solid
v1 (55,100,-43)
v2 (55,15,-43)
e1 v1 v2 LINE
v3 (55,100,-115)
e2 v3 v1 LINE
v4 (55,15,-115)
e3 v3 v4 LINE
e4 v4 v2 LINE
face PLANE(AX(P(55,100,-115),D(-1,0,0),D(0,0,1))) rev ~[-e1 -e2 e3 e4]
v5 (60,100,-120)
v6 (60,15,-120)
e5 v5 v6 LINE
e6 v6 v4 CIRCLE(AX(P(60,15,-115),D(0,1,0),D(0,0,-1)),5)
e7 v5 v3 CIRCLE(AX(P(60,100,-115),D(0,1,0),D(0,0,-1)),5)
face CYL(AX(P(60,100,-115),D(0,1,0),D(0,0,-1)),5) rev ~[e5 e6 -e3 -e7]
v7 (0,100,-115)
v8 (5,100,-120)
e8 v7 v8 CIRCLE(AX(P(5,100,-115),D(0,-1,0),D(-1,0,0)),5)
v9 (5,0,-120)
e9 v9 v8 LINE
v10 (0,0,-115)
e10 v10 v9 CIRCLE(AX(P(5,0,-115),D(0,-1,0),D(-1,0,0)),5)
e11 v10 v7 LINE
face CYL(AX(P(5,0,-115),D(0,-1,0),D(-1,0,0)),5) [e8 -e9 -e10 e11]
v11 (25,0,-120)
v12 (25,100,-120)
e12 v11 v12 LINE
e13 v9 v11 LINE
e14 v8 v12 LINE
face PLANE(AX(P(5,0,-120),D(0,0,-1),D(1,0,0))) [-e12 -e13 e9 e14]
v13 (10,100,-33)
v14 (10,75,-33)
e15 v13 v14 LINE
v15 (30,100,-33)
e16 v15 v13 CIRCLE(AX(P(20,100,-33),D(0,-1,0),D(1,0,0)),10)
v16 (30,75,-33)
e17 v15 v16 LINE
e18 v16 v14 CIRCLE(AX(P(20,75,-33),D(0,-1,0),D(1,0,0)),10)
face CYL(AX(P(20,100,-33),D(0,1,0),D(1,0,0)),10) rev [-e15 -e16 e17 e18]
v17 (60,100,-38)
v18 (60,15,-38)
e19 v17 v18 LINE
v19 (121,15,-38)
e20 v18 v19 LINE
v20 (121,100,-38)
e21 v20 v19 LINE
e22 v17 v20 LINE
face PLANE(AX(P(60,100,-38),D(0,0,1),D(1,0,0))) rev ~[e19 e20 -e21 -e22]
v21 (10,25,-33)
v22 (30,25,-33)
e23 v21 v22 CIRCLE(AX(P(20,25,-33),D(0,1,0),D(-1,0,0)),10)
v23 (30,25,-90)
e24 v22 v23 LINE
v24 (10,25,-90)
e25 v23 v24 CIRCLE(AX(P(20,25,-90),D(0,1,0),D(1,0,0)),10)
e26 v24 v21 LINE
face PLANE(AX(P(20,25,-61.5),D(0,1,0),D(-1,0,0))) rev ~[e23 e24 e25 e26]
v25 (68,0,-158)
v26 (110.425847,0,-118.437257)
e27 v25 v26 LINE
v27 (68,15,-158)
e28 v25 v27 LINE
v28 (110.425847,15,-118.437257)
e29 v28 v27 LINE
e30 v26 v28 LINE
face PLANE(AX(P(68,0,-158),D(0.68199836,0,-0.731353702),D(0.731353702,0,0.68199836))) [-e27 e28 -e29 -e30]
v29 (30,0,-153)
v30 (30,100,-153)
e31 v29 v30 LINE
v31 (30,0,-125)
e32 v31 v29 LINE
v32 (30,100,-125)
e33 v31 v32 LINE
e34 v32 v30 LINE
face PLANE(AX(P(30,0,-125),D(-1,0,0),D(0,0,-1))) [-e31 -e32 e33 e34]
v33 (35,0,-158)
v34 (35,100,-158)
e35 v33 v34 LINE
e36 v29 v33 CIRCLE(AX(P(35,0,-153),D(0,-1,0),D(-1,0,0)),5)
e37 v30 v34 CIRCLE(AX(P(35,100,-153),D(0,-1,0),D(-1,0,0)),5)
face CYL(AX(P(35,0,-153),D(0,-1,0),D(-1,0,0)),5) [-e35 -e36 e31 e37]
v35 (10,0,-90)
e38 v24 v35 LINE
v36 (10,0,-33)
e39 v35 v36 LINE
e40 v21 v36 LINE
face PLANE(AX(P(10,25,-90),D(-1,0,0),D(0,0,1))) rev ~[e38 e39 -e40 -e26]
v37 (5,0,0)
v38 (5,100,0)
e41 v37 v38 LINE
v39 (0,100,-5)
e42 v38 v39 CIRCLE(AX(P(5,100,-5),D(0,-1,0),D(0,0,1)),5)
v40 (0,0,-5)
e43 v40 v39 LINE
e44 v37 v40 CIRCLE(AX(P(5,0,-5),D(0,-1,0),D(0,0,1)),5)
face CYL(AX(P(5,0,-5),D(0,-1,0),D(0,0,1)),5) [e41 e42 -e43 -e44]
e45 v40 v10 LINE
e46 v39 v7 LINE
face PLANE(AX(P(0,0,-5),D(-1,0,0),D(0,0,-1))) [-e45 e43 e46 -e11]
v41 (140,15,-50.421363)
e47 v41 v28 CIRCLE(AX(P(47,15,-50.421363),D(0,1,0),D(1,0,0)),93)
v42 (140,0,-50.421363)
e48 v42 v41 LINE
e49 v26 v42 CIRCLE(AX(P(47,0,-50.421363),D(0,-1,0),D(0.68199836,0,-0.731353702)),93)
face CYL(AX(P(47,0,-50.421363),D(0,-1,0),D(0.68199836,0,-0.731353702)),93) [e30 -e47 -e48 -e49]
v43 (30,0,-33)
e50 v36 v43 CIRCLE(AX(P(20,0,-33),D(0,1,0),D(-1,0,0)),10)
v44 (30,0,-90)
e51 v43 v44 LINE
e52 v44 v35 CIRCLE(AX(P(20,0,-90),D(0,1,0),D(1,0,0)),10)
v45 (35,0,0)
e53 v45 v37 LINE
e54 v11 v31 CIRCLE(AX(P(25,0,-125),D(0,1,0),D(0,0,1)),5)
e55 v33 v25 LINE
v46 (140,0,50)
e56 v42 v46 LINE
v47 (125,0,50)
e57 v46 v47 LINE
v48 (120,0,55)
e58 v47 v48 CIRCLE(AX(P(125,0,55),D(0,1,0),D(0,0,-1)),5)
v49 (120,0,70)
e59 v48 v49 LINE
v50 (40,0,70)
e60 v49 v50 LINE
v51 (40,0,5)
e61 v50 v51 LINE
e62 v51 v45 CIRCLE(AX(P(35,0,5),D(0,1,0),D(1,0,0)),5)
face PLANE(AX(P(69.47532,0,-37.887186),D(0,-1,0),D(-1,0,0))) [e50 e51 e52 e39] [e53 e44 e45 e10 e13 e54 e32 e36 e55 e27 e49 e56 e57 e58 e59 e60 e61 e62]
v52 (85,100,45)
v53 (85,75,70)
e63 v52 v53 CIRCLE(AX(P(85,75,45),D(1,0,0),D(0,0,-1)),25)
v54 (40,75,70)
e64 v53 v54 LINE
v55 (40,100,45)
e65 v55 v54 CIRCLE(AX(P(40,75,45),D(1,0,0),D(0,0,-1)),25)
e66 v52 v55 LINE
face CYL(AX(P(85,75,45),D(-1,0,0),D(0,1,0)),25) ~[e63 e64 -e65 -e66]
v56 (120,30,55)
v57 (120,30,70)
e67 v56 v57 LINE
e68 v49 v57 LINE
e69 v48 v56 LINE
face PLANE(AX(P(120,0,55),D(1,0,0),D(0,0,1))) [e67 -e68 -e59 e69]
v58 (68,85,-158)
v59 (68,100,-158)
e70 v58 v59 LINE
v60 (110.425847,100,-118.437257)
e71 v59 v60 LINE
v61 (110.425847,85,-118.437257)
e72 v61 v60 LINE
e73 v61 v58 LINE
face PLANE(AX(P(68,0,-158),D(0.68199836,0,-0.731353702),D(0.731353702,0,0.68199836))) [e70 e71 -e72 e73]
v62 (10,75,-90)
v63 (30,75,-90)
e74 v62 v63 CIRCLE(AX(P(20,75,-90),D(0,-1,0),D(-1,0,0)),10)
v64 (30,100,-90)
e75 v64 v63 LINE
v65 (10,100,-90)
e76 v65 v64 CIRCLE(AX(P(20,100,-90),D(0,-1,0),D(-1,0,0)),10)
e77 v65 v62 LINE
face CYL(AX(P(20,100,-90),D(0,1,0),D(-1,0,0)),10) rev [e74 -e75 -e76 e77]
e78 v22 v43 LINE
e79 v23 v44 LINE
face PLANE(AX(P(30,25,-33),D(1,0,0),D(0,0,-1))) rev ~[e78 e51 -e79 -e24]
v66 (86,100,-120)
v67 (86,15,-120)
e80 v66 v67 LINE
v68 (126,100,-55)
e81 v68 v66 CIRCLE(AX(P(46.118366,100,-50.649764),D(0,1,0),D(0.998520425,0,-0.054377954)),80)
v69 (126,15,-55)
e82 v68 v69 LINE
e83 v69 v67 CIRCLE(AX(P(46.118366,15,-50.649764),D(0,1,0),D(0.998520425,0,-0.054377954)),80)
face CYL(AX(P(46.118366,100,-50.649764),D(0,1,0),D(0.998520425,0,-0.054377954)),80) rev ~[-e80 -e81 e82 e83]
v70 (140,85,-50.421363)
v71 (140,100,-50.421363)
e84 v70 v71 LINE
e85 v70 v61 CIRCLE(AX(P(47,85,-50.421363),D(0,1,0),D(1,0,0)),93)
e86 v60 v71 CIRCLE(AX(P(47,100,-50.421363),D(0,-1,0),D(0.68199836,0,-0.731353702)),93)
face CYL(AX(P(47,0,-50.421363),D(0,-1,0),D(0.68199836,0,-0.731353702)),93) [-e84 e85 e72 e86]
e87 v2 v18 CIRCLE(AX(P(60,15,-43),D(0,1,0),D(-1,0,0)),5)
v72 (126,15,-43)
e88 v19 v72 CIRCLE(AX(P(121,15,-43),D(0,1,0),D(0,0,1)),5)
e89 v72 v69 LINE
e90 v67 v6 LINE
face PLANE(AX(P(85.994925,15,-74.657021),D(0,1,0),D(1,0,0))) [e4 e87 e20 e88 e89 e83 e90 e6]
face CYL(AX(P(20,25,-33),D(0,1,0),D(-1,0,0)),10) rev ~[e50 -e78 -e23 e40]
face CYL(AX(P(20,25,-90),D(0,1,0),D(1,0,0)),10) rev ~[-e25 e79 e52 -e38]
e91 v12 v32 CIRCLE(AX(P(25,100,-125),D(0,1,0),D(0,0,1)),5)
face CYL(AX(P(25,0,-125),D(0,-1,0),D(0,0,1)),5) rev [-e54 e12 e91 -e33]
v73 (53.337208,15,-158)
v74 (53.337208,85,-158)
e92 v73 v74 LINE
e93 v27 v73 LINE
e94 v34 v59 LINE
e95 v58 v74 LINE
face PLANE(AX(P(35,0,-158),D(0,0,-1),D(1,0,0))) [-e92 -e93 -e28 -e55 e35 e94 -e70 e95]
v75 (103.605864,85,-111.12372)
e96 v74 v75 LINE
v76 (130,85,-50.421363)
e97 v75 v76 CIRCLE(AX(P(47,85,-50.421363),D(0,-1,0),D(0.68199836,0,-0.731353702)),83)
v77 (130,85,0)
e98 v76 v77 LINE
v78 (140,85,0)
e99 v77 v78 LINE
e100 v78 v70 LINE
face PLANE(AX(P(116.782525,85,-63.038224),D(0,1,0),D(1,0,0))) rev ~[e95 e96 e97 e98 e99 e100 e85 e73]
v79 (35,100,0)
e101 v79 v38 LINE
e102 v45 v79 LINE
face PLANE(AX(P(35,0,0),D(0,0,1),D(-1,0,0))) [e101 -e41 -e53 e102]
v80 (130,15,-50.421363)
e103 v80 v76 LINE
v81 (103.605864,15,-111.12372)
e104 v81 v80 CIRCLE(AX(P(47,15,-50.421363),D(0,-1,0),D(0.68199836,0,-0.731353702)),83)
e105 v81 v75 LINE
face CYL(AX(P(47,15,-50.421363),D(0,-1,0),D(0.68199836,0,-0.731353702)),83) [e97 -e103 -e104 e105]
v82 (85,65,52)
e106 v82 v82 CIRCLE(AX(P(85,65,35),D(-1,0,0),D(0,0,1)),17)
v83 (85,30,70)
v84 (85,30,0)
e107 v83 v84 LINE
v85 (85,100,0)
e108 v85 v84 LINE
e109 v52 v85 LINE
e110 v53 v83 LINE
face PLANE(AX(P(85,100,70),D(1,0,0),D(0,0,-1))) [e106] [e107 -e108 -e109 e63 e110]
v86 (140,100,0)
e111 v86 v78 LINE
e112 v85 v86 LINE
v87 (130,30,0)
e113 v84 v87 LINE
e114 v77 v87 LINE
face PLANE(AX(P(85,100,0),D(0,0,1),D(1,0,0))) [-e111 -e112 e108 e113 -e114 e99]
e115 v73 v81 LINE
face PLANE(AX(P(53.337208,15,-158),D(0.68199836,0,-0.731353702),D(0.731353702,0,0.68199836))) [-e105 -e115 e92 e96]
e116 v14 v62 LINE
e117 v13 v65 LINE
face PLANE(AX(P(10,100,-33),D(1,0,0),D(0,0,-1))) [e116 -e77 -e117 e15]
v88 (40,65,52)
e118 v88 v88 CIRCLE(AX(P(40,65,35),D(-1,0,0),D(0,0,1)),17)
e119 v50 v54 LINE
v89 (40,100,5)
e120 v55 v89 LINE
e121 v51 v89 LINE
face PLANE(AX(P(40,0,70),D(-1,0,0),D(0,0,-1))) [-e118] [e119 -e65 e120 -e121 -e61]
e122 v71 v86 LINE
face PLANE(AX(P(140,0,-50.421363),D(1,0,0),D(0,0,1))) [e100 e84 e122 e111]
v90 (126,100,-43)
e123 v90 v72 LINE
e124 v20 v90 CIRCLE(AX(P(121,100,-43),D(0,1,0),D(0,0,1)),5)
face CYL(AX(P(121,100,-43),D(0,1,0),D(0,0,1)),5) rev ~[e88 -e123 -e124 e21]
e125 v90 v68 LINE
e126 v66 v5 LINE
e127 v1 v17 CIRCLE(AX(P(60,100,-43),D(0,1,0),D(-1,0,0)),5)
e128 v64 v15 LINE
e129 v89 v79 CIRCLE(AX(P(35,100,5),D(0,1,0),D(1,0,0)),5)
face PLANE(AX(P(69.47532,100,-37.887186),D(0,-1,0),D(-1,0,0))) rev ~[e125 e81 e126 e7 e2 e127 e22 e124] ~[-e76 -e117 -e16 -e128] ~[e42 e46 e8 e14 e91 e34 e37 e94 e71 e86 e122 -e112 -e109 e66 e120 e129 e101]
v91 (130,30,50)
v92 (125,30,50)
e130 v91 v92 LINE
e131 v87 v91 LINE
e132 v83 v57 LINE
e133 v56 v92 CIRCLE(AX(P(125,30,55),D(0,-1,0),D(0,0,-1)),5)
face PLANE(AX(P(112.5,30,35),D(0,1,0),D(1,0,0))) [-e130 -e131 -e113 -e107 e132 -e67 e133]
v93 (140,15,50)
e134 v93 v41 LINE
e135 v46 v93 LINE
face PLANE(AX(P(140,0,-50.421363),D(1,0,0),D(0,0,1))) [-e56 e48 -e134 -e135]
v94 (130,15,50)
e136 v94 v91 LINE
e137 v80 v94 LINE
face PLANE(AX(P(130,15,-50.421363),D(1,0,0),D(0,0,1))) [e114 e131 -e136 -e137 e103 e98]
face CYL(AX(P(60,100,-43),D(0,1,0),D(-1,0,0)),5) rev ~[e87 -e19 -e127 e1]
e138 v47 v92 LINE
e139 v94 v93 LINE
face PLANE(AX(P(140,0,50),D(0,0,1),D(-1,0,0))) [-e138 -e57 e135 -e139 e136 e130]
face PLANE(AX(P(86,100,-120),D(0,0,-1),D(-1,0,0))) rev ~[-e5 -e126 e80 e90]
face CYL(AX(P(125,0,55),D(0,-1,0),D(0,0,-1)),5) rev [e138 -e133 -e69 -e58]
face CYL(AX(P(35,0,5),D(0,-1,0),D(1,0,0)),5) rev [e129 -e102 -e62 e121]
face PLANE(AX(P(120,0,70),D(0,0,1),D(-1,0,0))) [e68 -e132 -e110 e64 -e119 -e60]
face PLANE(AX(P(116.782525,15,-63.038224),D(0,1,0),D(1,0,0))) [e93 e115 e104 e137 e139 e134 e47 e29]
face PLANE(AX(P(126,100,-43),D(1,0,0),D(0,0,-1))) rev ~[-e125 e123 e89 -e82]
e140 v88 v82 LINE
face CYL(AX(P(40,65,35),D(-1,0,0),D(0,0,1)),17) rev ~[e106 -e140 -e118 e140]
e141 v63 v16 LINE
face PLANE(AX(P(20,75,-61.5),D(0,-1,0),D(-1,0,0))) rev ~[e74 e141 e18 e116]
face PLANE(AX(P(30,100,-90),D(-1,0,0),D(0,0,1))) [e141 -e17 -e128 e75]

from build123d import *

# Parameters (mm, degrees)
BOSS_EXTRUDE1_DEPTH = 100
CUT_EXTRUDE1_DEPTH  = 70
SKETCH3_W           = 55
SKETCH3_H           = 70
CUT_EXTRUDE2_DEPTH  = 70
FILLET1_R           = 25
CUT_EXTRUDE3_REACH  = 214.047
SKETCH4_R           = 17
CUT_EXTRUDE4_DEPTH  = 25
CUT_EXTRUDE5_START  = -25
CUT_EXTRUDE5_DEPTH  = 25
CUT_EXTRUDE6_DEPTH  = 85


with BuildPart() as part:
    # Sketch1 → Boss-Extrude1 (new body)
    with BuildSketch(Plane(origin=(0, 0, 0), x_dir=(1, 0, 0), z_dir=(0, 1, 0))):
        with BuildLine():
            Line((0, 5), (0, 115))
            ThreePointArc((0, 115), (1.464466094, 118.535533906), (5, 120))
            Line((5, 120), (25, 120))
            ThreePointArc((25, 120), (28.535533906, 121.464466094), (30, 125))
            Line((30, 125), (30, 153))
            ThreePointArc((30, 153), (31.464466094, 156.535533906), (35, 158))
            Line((35, 158), (68, 158))
            Line((68, 158), (110.425847486, 118.437257177))
            ThreePointArc((110.425847486, 118.437257177), (132.286586918, 87.505026337), (140, 50.421362927))
            Line((140, 50.421362927), (140, -50))
            Line((140, -50), (125, -50))
            ThreePointArc((125, -50), (121.464466094, -51.464466094), (120, -55))
            Line((120, -55), (120, -70))
            Line((120, -70), (40, -70))
            Line((40, -70), (40, -5))
            ThreePointArc((40, -5), (38.535533906, -1.464466094), (35, 0))
            Line((35, 0), (5, 0))
            ThreePointArc((5, 0), (1.464466094, 1.464466094), (0, 5))
        make_face()
    extrude(amount=BOSS_EXTRUDE1_DEPTH)

    # Sketch2 → Cut-Extrude1 (cut)
    with BuildSketch(Plane(origin=(0, 15, 0), x_dir=(-1, 0, 0), z_dir=(0, -1, 0))):
        with BuildLine():
            Line((-53.337208144, 158), (-103.605863885, 111.123720161))
            ThreePointArc((-103.605863885, 111.123720161), (-123.115986174, 83.517535648), (-130, 50.421362927))
            Line((-130, 50.421362927), (-130, -50))
            Line((-130, -50), (-140, -50))
            Line((-140, -50), (-140, 50.421362927))
            ThreePointArc((-140, 50.421362927), (-132.286586918, 87.505026337), (-110.425847486, 118.437257177))
            Line((-110.425847486, 118.437257177), (-68, 158))
            Line((-68, 158), (-53.337208144, 158))
        make_face()
    extrude(amount=-CUT_EXTRUDE1_DEPTH, mode=Mode.SUBTRACT)

    # Sketch3 → Cut-Extrude2 (cut)
    with BuildSketch(Plane(origin=(0, 100, 0), x_dir=(1, 0, 0), z_dir=(0, 1, 0))):
        with Locations((112.5, -35)):
            Rectangle(SKETCH3_W, SKETCH3_H)
    extrude(amount=-CUT_EXTRUDE2_DEPTH, mode=Mode.SUBTRACT)

    # Fillet1
    fillet1_edges = [part.edges().sort_by_distance(p)[0] for p in [
        (62.5, 100, 70),
    ]]
    fillet(fillet1_edges, radius=FILLET1_R)

    # Sketch4 → Cut-Extrude3 (cut, up to next)
    with BuildSketch(Plane.ZY.offset(-40), mode=Mode.PRIVATE) as cut_extrude3_sk1:
        with Locations((35, 65)):
            Circle(SKETCH4_R)
    cut_extrude3_tool1 = extrude(cut_extrude3_sk1.sketch, amount=-CUT_EXTRUDE3_REACH, mode=Mode.PRIVATE) & part.part
    add(cut_extrude3_tool1.solids().sort_by_distance((40, 65, 35))[0], mode=Mode.SUBTRACT)

    # Sketch5 → Cut-Extrude4 (cut)
    with BuildSketch(Plane(origin=(0, 100, 0), x_dir=(1, 0, 0), z_dir=(0, 1, 0))):
        with BuildLine():
            Line((30, 90), (30, 33))
            ThreePointArc((30, 33), (20, 23), (10, 33))
            Line((10, 33), (10, 90))
            ThreePointArc((10, 90), (20, 100), (30, 90))
        make_face()
    extrude(amount=-CUT_EXTRUDE4_DEPTH, mode=Mode.SUBTRACT)

    # Sketch6 → Cut-Extrude5 (cut)
    with BuildSketch(Plane.XZ.offset(CUT_EXTRUDE5_START)):
        with BuildLine():
            Line((30, -33), (30, -90))
            ThreePointArc((30, -90), (20, -100), (10, -90))
            Line((10, -90), (10, -33))
            ThreePointArc((10, -33), (20, -23), (30, -33))
        make_face()
    extrude(amount=CUT_EXTRUDE5_DEPTH, mode=Mode.SUBTRACT)

    # Sketch7 → Cut-Extrude6 (cut)
    with BuildSketch(Plane(origin=(0, 100, 0), x_dir=(1, 0, 0), z_dir=(0, 1, 0))):
        with BuildLine():
            Line((55, 115), (55, 43))
            ThreePointArc((55, 43), (56.464466094, 39.464466094), (60, 38))
            Line((60, 38), (121, 38))
            ThreePointArc((121, 38), (124.535533906, 39.464466094), (126, 43))
            Line((126, 43), (126, 55))
            ThreePointArc((126, 55), (114.251031375, 92.577557769), (86, 120))
            Line((86, 120), (60, 120))
            ThreePointArc((60, 120), (56.464466094, 118.535533906), (55, 115))
        make_face()
    extrude(amount=-CUT_EXTRUDE6_DEPTH, mode=Mode.SUBTRACT)


solid = part.part
